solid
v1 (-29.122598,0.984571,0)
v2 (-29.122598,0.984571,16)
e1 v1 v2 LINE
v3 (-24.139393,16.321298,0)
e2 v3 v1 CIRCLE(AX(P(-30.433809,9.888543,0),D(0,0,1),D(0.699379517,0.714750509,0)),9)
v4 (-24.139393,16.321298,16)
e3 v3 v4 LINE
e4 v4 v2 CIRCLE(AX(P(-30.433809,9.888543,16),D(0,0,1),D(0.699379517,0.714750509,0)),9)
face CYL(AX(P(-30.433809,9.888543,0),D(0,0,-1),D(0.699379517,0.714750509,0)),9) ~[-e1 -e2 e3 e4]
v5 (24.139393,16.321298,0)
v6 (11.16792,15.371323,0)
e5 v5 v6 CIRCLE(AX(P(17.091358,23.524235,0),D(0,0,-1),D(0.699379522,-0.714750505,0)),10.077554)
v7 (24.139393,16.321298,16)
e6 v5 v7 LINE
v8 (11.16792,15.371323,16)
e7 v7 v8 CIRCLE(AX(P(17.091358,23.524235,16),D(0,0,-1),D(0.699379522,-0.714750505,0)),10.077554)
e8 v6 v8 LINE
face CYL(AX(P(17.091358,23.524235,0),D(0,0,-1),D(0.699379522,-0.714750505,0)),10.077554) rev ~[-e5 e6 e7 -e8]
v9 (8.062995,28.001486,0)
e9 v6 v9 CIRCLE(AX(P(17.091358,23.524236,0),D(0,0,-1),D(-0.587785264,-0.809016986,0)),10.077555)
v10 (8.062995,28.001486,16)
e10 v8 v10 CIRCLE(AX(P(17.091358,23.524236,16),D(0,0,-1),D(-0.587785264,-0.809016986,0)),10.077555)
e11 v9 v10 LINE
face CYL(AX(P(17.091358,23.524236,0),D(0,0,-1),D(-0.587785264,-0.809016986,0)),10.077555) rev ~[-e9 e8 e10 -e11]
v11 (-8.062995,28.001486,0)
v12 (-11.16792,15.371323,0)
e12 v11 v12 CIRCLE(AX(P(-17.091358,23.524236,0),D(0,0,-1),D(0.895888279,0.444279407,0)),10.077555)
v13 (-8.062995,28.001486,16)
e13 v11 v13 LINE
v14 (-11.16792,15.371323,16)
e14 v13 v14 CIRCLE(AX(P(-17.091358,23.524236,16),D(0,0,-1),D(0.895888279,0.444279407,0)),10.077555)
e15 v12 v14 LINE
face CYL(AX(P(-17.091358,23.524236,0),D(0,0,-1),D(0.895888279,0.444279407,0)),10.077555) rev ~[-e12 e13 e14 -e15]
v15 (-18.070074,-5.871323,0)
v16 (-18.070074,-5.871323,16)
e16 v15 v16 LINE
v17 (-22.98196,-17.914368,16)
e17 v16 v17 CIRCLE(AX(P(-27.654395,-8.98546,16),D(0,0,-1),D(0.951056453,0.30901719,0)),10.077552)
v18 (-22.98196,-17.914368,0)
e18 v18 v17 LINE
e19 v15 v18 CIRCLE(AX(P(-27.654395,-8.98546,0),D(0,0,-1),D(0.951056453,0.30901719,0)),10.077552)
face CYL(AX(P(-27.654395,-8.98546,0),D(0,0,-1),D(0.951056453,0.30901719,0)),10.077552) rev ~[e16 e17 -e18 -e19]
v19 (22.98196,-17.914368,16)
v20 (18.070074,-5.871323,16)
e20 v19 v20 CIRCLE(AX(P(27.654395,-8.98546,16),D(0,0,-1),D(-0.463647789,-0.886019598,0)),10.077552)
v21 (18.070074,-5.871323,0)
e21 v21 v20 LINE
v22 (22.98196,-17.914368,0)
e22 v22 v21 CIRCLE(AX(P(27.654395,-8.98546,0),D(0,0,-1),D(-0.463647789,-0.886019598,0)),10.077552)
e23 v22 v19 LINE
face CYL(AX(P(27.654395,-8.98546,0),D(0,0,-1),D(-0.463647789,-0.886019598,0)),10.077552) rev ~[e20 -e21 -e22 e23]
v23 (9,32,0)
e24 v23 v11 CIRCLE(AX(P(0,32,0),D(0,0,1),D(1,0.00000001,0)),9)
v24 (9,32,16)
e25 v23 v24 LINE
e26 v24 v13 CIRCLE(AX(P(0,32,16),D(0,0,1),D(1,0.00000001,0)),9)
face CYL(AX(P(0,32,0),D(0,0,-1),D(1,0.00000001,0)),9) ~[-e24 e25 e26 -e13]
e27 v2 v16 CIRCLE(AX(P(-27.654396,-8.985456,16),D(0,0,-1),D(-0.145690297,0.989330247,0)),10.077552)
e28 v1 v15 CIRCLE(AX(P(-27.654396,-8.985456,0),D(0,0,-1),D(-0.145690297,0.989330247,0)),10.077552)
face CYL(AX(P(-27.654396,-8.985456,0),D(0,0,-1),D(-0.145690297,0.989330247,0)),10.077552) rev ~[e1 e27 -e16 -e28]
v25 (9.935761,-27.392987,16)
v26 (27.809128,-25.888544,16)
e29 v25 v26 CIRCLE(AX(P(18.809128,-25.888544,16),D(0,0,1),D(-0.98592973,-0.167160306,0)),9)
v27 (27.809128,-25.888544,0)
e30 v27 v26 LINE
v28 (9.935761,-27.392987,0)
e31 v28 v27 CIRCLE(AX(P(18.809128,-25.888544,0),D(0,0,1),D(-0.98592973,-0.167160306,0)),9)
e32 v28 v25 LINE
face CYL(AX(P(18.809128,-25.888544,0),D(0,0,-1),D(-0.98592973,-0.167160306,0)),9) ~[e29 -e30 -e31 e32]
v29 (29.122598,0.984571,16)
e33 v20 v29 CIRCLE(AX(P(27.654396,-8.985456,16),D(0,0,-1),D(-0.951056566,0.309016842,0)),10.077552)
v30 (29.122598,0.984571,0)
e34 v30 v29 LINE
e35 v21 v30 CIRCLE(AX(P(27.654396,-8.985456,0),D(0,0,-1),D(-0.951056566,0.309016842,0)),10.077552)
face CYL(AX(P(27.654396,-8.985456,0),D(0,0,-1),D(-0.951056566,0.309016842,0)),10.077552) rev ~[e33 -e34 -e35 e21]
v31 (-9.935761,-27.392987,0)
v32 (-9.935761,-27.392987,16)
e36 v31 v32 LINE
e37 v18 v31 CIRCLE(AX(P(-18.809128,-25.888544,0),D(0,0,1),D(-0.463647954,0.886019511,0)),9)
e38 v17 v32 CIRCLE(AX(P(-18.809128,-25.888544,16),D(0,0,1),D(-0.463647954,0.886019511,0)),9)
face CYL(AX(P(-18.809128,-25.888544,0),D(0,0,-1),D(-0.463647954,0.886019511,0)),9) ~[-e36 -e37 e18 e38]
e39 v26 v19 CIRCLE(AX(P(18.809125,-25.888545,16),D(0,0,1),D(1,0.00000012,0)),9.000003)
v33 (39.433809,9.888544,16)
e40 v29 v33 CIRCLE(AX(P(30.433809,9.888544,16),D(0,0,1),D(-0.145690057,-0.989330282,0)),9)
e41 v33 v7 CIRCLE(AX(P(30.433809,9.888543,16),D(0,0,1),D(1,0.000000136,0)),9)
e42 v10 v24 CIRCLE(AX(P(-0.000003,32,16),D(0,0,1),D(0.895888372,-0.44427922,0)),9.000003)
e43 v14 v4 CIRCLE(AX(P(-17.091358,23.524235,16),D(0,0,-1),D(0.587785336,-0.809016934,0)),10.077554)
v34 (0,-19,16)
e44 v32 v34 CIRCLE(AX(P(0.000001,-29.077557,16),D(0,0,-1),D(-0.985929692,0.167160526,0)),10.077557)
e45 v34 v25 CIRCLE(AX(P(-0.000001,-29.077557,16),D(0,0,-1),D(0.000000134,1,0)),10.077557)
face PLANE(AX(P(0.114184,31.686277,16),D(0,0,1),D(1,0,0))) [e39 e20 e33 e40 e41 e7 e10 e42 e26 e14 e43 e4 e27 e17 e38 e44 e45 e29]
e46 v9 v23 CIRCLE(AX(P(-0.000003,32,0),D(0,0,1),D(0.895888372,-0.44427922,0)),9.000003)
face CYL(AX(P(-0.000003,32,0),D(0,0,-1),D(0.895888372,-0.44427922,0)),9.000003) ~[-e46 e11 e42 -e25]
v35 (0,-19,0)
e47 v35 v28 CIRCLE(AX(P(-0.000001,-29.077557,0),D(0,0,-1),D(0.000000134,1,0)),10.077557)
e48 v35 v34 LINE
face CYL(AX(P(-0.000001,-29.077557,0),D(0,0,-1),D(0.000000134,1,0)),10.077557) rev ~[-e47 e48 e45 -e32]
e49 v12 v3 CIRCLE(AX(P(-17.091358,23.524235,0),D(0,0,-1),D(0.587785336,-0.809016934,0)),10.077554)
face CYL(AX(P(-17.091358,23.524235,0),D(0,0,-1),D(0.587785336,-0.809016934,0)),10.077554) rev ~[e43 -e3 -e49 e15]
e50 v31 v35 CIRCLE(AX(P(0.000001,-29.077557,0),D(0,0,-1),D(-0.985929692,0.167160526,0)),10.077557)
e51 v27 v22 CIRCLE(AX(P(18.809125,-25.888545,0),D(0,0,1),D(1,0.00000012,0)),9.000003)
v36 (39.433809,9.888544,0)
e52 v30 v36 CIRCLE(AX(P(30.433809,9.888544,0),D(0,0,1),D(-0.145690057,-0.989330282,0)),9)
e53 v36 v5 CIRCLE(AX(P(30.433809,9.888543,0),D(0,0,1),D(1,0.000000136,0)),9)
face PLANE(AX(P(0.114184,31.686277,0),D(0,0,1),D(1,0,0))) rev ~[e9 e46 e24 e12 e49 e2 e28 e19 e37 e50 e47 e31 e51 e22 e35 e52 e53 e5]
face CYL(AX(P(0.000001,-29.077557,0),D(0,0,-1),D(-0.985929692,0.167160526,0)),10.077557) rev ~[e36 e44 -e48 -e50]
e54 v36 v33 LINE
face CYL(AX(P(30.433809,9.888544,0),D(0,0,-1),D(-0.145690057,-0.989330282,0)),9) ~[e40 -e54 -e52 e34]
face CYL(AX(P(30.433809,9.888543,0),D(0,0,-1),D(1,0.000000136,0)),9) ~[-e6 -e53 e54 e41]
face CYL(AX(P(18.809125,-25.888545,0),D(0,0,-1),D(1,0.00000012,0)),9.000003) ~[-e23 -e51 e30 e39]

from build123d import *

# Parameters (mm, degrees)
F1_DEPTH = 16


with BuildPart() as f1:
    # F0 (on Top) → F1 (new body)
    with BuildSketch(Plane.XY):
        with BuildLine():
            ThreePointArc((-8.062995, 28.001486), (0, 23), (8.062995, 28.001486))
            ThreePointArc((8.062995, 28.001486), (8.762618, 29.946582), (9, 32))
            ThreePointArc((9, 32), (-2.053418, 40.762618), (-8.062995, 28.001486))
        make_face()
        with BuildLine():
            ThreePointArc((39.433809, 9.888544), (33.923096, 18.184619), (24.139393, 16.321298))
            ThreePointArc((24.139393, 16.321298), (21.8743, 7.107391), (29.122598, 0.984571))
            ThreePointArc((29.122598, 0.984571), (36.315947, 3.076756), (39.433809, 9.888544))
        make_face()
        with BuildLine():
            ThreePointArc((27.809128, -25.888544), (26.508332, -21.22783), (22.98196, -17.914368))
            ThreePointArc((22.98196, -17.914368), (13.519061, -18.607391), (9.935761, -27.392987))
            ThreePointArc((9.935761, -27.392987), (19.56401, -34.85683), (27.809128, -25.888544))
        make_face()
        with BuildLine():
            ThreePointArc((-22.98196, -17.914368), (-24.099195, -33.169697), (-9.935761, -27.392987))
            ThreePointArc((-9.935761, -27.392987), (-9.840842, -26.643425), (-9.809128, -25.888544))
            ThreePointArc((-9.809128, -25.888544), (-14.148414, -18.18934), (-22.98196, -17.914368))
        make_face()
        with BuildLine():
            ThreePointArc((-21.433809, 9.888544), (-22.137733, 13.377832), (-24.139393, 16.321298))
            ThreePointArc((-24.139393, 16.321298), (-38.993317, 12.669697), (-29.122598, 0.984571))
            ThreePointArc((-29.122598, 0.984571), (-23.622021, 4.006406), (-21.433809, 9.888544))
        make_face()
        with BuildLine():
            ThreePointArc((18.070074, -5.871323), (18.766078, -2.972255), (19, 0))
            ThreePointArc((19, 0), (16.929124, 8.625819), (11.16792, 15.371323))
            ThreePointArc((11.16792, 15.371323), (0, 19), (-11.16792, 15.371323))
            ThreePointArc((-11.16792, 15.371323), (-18.070074, 5.871323), (-18.070074, -5.871323))
            ThreePointArc((-18.070074, -5.871323), (-11.16792, -15.371323), (0, -19))
            ThreePointArc((0, -19), (11.16792, -15.371323), (18.070074, -5.871323))
        make_face()
        with BuildLine():
            ThreePointArc((22.98196, -17.914368), (18.32313, -12.791317), (18.070074, -5.871323))
            ThreePointArc((18.070074, -5.871323), (11.16792, -15.371323), (0, -19))
            ThreePointArc((0, -19), (6.503106, -21.379067), (9.935761, -27.392987))
            ThreePointArc((9.935761, -27.392987), (13.519061, -18.607391), (22.98196, -17.914368))
        make_face()
        with BuildLine():
            ThreePointArc((-9.935761, -27.392987), (-6.503106, -21.379067), (0, -19))
            ThreePointArc((0, -19), (-11.16792, -15.371323), (-18.070074, -5.871323))
            ThreePointArc((-18.070074, -5.871323), (-18.32313, -12.791317), (-22.98196, -17.914368))
            ThreePointArc((-22.98196, -17.914368), (-14.148414, -18.18934), (-9.809128, -25.888544))
            ThreePointArc((-9.809128, -25.888544), (-9.840842, -26.643425), (-9.935761, -27.392987))
        make_face()
        with BuildLine():
            ThreePointArc((-18.070074, -5.871323), (-18.070074, 5.871323), (-11.16792, 15.371323))
            ThreePointArc((-11.16792, 15.371323), (-17.827424, 13.473598), (-24.139393, 16.321298))
            ThreePointArc((-24.139393, 16.321298), (-22.137733, 13.377832), (-21.433809, 9.888544))
            ThreePointArc((-21.433809, 9.888544), (-23.622021, 4.006406), (-29.122598, 0.984571))
            ThreePointArc((-29.122598, 0.984571), (-22.342271, -0.421673), (-18.070074, -5.871323))
        make_face()
        with BuildLine():
            ThreePointArc((-11.16792, 15.371323), (0, 19), (11.16792, 15.371323))
            ThreePointArc((11.16792, 15.371323), (7.305177, 21.118458), (8.062995, 28.001486))
            ThreePointArc((8.062995, 28.001486), (0, 23), (-8.062995, 28.001486))
            ThreePointArc((-8.062995, 28.001486), (-7.305177, 21.118458), (-11.16792, 15.371323))
        make_face()
        with BuildLine():
            ThreePointArc((11.16792, 15.371323), (16.929124, 8.625819), (19, 0))
            ThreePointArc((19, 0), (18.766078, -2.972255), (18.070074, -5.871323))
            ThreePointArc((18.070074, -5.871323), (22.342271, -0.421673), (29.122598, 0.984571))
            ThreePointArc((29.122598, 0.984571), (21.8743, 7.107391), (24.139393, 16.321298))
            ThreePointArc((24.139393, 16.321298), (17.827424, 13.473598), (11.16792, 15.371323))
        make_face()
    extrude(amount=F1_DEPTH)


solid = f1.part
